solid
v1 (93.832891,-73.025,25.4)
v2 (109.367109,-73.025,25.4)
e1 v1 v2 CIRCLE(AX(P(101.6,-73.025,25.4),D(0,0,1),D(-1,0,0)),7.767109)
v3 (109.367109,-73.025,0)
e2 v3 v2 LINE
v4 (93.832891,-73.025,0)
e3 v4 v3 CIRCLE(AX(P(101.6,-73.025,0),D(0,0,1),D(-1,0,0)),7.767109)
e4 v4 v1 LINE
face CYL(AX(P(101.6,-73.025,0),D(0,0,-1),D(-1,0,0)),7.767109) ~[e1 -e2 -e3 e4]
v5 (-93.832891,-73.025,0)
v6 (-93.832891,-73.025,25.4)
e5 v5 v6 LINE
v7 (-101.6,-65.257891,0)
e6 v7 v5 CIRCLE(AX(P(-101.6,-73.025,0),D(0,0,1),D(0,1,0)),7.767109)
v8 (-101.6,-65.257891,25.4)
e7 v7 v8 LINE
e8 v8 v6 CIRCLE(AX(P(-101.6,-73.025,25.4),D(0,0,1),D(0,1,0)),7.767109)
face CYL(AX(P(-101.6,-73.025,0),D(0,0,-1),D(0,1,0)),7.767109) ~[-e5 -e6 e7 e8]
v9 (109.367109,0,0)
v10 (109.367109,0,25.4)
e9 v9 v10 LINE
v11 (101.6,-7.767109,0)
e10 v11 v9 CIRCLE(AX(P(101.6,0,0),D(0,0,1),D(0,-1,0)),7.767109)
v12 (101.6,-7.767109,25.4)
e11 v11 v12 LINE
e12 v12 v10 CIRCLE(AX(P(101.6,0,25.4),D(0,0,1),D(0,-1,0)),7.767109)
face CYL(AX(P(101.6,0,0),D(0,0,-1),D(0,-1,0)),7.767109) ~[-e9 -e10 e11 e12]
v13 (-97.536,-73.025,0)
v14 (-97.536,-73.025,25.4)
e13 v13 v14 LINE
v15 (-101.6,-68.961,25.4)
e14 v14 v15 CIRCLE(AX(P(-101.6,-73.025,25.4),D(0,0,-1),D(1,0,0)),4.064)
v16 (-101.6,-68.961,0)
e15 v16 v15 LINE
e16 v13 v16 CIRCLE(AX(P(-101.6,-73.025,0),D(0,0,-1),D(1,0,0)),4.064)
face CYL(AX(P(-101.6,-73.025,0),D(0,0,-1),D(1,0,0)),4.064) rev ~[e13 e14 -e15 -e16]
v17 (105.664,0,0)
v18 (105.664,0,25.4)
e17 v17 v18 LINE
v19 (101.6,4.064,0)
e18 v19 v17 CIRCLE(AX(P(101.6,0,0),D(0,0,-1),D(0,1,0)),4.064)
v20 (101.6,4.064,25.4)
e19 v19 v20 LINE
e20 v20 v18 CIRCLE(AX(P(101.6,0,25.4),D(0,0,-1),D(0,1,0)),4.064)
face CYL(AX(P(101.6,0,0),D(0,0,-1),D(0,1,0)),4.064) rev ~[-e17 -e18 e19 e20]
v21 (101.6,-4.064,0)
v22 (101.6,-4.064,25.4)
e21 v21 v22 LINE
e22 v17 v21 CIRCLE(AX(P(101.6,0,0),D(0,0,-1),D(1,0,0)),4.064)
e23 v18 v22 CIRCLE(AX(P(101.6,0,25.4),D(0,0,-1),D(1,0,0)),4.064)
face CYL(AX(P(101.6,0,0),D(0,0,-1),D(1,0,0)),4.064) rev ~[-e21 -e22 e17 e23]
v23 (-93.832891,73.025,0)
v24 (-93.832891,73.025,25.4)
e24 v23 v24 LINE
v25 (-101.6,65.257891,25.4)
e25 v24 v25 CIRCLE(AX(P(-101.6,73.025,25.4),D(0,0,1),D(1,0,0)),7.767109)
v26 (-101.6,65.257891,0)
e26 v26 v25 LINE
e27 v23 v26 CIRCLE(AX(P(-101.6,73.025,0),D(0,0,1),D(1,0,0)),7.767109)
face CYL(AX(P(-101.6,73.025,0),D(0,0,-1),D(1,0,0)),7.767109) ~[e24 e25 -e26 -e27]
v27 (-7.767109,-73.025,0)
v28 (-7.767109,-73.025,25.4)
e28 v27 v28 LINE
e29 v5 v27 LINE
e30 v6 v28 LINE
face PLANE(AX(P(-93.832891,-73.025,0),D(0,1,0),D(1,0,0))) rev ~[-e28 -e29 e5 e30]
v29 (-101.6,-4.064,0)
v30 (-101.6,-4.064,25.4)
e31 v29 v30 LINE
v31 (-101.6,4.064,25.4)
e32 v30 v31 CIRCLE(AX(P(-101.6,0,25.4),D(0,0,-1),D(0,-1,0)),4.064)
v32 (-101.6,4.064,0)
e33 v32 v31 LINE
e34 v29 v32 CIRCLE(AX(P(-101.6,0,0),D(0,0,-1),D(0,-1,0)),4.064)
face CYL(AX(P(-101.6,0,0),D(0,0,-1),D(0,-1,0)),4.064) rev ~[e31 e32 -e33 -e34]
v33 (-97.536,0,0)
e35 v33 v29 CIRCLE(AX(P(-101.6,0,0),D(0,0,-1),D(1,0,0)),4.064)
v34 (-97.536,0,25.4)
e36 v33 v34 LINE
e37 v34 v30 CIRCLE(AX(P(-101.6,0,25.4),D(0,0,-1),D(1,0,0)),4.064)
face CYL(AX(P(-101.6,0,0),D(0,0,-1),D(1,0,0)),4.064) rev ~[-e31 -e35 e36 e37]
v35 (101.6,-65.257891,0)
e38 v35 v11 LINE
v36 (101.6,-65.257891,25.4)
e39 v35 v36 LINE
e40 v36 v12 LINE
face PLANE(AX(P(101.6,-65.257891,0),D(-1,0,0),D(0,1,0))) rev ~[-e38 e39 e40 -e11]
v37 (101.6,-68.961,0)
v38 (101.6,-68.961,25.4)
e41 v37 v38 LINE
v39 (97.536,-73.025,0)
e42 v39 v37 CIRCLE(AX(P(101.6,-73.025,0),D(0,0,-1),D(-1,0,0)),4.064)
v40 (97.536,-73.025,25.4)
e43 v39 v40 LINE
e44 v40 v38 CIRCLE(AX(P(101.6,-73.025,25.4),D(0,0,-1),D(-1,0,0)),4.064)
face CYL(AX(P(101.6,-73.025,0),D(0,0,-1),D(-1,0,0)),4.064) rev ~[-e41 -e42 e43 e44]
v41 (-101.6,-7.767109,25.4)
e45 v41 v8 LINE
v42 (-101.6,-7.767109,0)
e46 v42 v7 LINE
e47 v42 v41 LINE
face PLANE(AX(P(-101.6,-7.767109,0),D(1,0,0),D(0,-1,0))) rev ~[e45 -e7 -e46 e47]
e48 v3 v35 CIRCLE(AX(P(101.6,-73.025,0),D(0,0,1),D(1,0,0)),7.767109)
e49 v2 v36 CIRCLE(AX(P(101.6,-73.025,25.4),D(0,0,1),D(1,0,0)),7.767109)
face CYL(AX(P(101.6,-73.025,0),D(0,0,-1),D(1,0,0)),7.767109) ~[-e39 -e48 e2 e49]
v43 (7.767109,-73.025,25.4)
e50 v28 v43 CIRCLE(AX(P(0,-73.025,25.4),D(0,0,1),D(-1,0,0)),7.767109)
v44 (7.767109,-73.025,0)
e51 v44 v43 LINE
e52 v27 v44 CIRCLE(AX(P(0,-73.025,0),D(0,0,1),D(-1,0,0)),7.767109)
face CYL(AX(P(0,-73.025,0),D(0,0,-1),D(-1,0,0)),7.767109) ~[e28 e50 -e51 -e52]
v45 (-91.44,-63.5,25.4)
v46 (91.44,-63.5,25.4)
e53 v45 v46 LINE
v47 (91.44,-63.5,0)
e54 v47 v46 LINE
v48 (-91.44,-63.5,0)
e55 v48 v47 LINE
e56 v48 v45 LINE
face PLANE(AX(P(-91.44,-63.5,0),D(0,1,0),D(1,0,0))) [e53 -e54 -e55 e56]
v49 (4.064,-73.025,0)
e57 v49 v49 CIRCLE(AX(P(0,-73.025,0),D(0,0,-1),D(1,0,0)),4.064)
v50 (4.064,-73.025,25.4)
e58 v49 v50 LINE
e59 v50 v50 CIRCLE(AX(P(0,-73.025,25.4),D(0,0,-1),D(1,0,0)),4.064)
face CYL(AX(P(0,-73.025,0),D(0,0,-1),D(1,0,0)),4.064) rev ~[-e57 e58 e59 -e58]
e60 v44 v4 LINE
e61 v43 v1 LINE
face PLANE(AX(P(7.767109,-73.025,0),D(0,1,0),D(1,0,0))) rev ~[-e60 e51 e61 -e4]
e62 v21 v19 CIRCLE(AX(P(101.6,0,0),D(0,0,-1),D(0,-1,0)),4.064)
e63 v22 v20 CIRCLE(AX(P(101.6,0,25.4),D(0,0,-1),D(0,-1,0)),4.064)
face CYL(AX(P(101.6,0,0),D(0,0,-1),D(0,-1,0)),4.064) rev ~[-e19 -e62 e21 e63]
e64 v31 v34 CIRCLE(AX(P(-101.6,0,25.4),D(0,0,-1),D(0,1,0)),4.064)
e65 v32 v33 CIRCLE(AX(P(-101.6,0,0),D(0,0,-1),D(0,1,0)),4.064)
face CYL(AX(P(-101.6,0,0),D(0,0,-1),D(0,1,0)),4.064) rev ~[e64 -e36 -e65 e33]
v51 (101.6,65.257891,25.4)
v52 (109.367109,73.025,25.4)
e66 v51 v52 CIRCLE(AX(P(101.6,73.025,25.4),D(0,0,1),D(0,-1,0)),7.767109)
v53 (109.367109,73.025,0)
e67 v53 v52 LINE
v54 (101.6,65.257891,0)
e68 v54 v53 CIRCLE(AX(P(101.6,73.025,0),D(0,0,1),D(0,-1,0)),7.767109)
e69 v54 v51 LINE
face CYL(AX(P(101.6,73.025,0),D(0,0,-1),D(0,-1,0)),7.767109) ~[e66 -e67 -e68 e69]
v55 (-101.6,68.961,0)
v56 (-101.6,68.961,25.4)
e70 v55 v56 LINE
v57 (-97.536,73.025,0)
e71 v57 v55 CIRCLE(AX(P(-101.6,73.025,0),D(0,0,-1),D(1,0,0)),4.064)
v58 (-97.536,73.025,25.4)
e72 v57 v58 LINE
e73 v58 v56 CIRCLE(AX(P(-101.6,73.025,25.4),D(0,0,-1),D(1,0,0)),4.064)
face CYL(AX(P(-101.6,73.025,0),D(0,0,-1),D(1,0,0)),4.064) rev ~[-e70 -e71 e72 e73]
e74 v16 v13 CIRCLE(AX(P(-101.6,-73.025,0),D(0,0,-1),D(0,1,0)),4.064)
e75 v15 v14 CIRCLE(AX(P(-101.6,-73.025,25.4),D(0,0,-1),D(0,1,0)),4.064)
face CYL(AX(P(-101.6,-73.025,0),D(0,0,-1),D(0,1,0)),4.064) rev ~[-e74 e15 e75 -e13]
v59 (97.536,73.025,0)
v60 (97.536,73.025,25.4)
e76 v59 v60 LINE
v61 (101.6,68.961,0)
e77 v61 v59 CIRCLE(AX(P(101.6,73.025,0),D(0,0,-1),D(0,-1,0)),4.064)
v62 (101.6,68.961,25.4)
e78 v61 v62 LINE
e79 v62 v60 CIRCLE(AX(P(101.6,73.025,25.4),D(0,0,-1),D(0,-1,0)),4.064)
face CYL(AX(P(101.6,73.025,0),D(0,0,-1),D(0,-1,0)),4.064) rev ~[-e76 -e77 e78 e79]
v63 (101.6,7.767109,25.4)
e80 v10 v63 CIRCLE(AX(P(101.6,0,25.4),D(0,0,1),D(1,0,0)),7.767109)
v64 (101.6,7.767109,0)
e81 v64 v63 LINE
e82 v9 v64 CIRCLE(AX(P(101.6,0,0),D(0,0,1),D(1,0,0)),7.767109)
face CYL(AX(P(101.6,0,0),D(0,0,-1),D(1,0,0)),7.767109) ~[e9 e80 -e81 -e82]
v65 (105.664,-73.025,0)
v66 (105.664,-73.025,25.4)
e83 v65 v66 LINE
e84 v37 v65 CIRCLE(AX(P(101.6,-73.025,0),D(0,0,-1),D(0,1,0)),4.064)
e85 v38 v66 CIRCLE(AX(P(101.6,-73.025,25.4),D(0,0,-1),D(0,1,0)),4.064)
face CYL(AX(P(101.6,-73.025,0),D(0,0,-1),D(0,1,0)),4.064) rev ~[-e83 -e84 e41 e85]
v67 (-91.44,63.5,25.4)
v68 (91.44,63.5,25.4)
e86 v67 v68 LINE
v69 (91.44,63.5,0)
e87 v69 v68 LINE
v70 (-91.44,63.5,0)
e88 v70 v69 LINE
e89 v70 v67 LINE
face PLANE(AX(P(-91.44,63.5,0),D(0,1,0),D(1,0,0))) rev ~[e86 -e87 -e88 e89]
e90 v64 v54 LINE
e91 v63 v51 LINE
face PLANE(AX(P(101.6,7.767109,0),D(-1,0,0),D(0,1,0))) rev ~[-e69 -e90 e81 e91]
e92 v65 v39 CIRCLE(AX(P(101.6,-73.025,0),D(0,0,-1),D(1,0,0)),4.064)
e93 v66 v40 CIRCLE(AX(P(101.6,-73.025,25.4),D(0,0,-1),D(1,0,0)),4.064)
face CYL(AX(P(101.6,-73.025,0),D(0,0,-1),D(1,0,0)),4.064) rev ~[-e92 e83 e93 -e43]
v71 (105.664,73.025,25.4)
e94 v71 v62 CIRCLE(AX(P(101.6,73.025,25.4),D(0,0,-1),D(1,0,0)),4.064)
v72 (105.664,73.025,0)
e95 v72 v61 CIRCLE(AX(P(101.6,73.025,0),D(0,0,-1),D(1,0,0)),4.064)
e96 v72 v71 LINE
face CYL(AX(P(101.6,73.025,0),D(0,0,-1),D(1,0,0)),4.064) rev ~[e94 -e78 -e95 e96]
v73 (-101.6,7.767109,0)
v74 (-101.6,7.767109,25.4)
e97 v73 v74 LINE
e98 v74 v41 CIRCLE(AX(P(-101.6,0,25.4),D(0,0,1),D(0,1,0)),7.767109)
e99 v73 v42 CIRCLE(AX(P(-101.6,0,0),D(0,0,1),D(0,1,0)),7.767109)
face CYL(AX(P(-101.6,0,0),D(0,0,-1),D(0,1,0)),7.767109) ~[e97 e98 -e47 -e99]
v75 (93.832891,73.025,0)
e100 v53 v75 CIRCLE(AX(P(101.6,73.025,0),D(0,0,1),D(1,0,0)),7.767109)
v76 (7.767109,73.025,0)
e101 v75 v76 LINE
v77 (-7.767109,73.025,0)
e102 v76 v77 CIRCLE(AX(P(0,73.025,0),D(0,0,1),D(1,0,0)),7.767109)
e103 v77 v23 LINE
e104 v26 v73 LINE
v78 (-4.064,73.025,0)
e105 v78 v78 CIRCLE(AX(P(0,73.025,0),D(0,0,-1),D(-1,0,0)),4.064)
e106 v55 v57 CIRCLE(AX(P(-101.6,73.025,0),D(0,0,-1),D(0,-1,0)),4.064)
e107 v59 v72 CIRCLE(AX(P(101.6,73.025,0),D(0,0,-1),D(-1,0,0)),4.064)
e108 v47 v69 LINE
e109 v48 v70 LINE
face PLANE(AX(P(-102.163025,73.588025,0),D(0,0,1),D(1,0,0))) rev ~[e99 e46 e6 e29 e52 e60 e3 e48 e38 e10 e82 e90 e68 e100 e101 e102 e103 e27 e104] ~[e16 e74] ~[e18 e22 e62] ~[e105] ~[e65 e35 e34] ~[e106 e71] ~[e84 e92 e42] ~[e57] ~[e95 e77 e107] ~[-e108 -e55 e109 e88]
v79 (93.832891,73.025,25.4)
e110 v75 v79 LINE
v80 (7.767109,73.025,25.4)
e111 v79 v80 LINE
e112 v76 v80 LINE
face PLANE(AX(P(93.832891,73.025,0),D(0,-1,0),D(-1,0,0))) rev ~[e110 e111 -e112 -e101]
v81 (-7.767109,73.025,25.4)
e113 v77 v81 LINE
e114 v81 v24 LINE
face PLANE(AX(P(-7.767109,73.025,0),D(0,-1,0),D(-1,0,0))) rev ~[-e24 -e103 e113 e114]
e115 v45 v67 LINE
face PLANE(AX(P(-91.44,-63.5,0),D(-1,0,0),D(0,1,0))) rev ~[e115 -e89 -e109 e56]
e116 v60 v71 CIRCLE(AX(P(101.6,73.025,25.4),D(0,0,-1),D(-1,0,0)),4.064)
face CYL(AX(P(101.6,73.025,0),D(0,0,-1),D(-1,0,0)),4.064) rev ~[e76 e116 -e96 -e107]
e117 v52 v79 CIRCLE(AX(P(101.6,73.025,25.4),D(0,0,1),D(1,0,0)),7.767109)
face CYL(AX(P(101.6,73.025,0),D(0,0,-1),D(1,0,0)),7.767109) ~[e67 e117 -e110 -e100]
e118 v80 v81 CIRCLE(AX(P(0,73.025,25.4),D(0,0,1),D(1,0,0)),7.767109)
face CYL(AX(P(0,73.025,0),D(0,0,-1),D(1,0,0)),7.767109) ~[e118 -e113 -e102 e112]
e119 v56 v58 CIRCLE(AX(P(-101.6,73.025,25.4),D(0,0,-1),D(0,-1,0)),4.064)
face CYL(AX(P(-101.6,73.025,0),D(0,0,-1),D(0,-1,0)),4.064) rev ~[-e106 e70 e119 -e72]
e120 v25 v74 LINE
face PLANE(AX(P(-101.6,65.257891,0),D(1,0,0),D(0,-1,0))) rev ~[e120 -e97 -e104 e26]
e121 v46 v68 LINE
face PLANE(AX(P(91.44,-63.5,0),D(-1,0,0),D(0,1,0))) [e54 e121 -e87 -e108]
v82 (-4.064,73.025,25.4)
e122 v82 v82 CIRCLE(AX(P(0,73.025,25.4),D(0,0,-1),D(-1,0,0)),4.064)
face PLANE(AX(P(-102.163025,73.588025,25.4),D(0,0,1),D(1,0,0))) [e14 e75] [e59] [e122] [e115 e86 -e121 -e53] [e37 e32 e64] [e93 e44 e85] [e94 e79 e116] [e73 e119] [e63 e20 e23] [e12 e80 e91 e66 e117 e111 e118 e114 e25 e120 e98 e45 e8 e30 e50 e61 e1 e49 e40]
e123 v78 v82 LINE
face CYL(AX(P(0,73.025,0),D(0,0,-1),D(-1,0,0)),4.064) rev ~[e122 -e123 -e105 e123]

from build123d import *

# Parameters (mm, degrees)
F0_W     = 182.88
F0_H     = 127
F1_DEPTH = 25.4


with BuildPart() as f1:
    # F0 (on Top) → F1 (new body)
    with BuildSketch(Plane.XY):
        with BuildLine():
            ThreePointArc((-101.6, 68.961), (-104.4736819587, 75.8986819587), (-97.536, 73.025))
            Line((-97.536, 73.025), (-93.8328908066, 73.025))
            ThreePointArc((-93.8328908066, 73.025), (-107.0921755809, 78.5171755809), (-101.6, 65.2578908066))
            Line((-101.6, 65.2578908066), (-101.6, 68.961))
        make_face()
        with BuildLine():
            Line((-93.8328908066, 73.025), (-97.536, 73.025))
            ThreePointArc((-97.536, 73.025), (-98.7263180413, 70.1513180413), (-101.6, 68.961))
            Line((-101.6, 68.961), (-101.6, 65.2578908066))
            ThreePointArc((-101.6, 65.2578908066), (-96.1078244191, 67.5328244191), (-93.8328908066, 73.025))
        make_face()
        with BuildLine():
            Line((-7.7671091934, 73.025), (-93.8328908066, 73.025))
            ThreePointArc((-93.8328908066, 73.025), (-96.1078244191, 67.5328244191), (-101.6, 65.2578908066))
            Line((-101.6, 65.2578908066), (-101.6, 7.7671091934))
            ThreePointArc((-101.6, 7.7671091934), (-96.1078244191, 5.4921755809), (-93.8328908066, 0))
            ThreePointArc((-93.8328908066, 0), (-96.1078244191, -5.4921755809), (-101.6, -7.7671091934))
            Line((-101.6, -7.7671091934), (-101.6, -65.2578908066))
            ThreePointArc((-101.6, -65.2578908066), (-96.1078244191, -67.5328244191), (-93.8328908066, -73.025))
            Line((-93.8328908066, -73.025), (-7.7671091934, -73.025))
            ThreePointArc((-7.7671091934, -73.025), (0, -65.2578908066), (7.7671091934, -73.025))
            Line((7.7671091934, -73.025), (93.8328908066, -73.025))
            ThreePointArc((93.8328908066, -73.025), (96.1078244191, -67.5328244191), (101.6, -65.2578908066))
            Line((101.6, -65.2578908066), (101.6, -7.7671091934))
            ThreePointArc((101.6, -7.7671091934), (93.8328908066, 0), (101.6, 7.7671091934))
            Line((101.6, 7.7671091934), (101.6, 65.2578908066))
            ThreePointArc((101.6, 65.2578908066), (96.1078244191, 67.5328244191), (93.8328908066, 73.025))
            Line((93.8328908066, 73.025), (7.7671091934, 73.025))
            ThreePointArc((7.7671091934, 73.025), (0, 65.2578908066), (-7.7671091934, 73.025))
        make_face()
        Rectangle(F0_W, F0_H, mode=Mode.SUBTRACT)
        with BuildLine():
            ThreePointArc((7.7671091934, 73.025), (0, 80.7921091934), (-7.7671091934, 73.025))
            Line((-7.7671091934, 73.025), (-4.064, 73.025))
            ThreePointArc((-4.064, 73.025), (0, 77.089), (4.064, 73.025))
            Line((4.064, 73.025), (7.7671091934, 73.025))
        make_face()
        with BuildLine():
            Line((-4.064, 73.025), (-7.7671091934, 73.025))
            ThreePointArc((-7.7671091934, 73.025), (0, 65.2578908066), (7.7671091934, 73.025))
            Line((7.7671091934, 73.025), (4.064, 73.025))
            ThreePointArc((4.064, 73.025), (0, 68.961), (-4.064, 73.025))
        make_face()
        with BuildLine():
            ThreePointArc((-93.8328908066, 0), (-96.1078244191, 5.4921755809), (-101.6, 7.7671091934))
            Line((-101.6, 7.7671091934), (-101.6, 4.064))
            ThreePointArc((-101.6, 4.064), (-98.7263180413, 2.8736819587), (-97.536, 0))
            ThreePointArc((-97.536, 0), (-98.7263180413, -2.8736819587), (-101.6, -4.064))
            Line((-101.6, -4.064), (-101.6, -7.7671091934))
            ThreePointArc((-101.6, -7.7671091934), (-96.1078244191, -5.4921755809), (-93.8328908066, 0))
        make_face()
        with BuildLine():
            Line((-101.6, 4.064), (-101.6, 7.7671091934))
            ThreePointArc((-101.6, 7.7671091934), (-109.3671091934, 0), (-101.6, -7.7671091934))
            Line((-101.6, -7.7671091934), (-101.6, -4.064))
            ThreePointArc((-101.6, -4.064), (-105.664, 0), (-101.6, 4.064))
        make_face()
        with BuildLine():
            ThreePointArc((109.3671091934, 73.025), (101.6, 80.7921091934), (93.8328908066, 73.025))
            Line((93.8328908066, 73.025), (97.536, 73.025))
            ThreePointArc((97.536, 73.025), (101.6, 77.089), (105.664, 73.025))
            ThreePointArc((105.664, 73.025), (104.4736819587, 70.1513180413), (101.6, 68.961))
            Line((101.6, 68.961), (101.6, 65.2578908066))
            ThreePointArc((101.6, 65.2578908066), (107.0921755809, 67.5328244191), (109.3671091934, 73.025))
        make_face()
        with BuildLine():
            Line((97.536, 73.025), (93.8328908066, 73.025))
            ThreePointArc((93.8328908066, 73.025), (96.1078244191, 67.5328244191), (101.6, 65.2578908066))
            Line((101.6, 65.2578908066), (101.6, 68.961))
            ThreePointArc((101.6, 68.961), (98.7263180413, 70.1513180413), (97.536, 73.025))
        make_face()
        with BuildLine():
            ThreePointArc((-93.8328908066, -73.025), (-96.1078244191, -67.5328244191), (-101.6, -65.2578908066))
            Line((-101.6, -65.2578908066), (-101.6, -68.961))
            ThreePointArc((-101.6, -68.961), (-98.7263180413, -70.1513180413), (-97.536, -73.025))
            Line((-97.536, -73.025), (-93.8328908066, -73.025))
        make_face()
        with BuildLine():
            Line((-101.6, -68.961), (-101.6, -65.2578908066))
            ThreePointArc((-101.6, -65.2578908066), (-107.0921755809, -78.5171755809), (-93.8328908066, -73.025))
            Line((-93.8328908066, -73.025), (-97.536, -73.025))
            ThreePointArc((-97.536, -73.025), (-104.4736819587, -75.8986819587), (-101.6, -68.961))
        make_face()
        with BuildLine():
            ThreePointArc((109.3671091934, 0), (107.0921755809, 5.4921755809), (101.6, 7.7671091934))
            Line((101.6, 7.7671091934), (101.6, 4.064))
            ThreePointArc((101.6, 4.064), (104.4736819587, 2.8736819587), (105.664, 0))
            ThreePointArc((105.664, 0), (104.4736819587, -2.8736819587), (101.6, -4.064))
            Line((101.6, -4.064), (101.6, -7.7671091934))
            ThreePointArc((101.6, -7.7671091934), (107.0921755809, -5.4921755809), (109.3671091934, 0))
        make_face()
        with BuildLine():
            Line((101.6, 4.064), (101.6, 7.7671091934))
            ThreePointArc((101.6, 7.7671091934), (93.8328908066, 0), (101.6, -7.7671091934))
            Line((101.6, -7.7671091934), (101.6, -4.064))
            ThreePointArc((101.6, -4.064), (97.536, 0), (101.6, 4.064))
        make_face()
        with BuildLine():
            ThreePointArc((7.7671091934, -73.025), (0, -65.2578908066), (-7.7671091934, -73.025))
            Line((-7.7671091934, -73.025), (-4.064, -73.025))
            ThreePointArc((-4.064, -73.025), (0, -68.961), (4.064, -73.025))
            Line((4.064, -73.025), (7.7671091934, -73.025))
        make_face()
        with BuildLine():
            Line((-4.064, -73.025), (-7.7671091934, -73.025))
            ThreePointArc((-7.7671091934, -73.025), (0, -80.7921091934), (7.7671091934, -73.025))
            Line((7.7671091934, -73.025), (4.064, -73.025))
            ThreePointArc((4.064, -73.025), (0, -77.089), (-4.064, -73.025))
        make_face()
        with BuildLine():
            ThreePointArc((109.3671091934, -73.025), (107.0921755809, -67.5328244191), (101.6, -65.2578908066))
            Line((101.6, -65.2578908066), (101.6, -68.961))
            ThreePointArc((101.6, -68.961), (104.4736819587, -70.1513180413), (105.664, -73.025))
            ThreePointArc((105.664, -73.025), (101.6, -77.089), (97.536, -73.025))
            Line((97.536, -73.025), (93.8328908066, -73.025))
            ThreePointArc((93.8328908066, -73.025), (101.6, -80.7921091934), (109.3671091934, -73.025))
        make_face()
        with BuildLine():
            Line((101.6, -68.961), (101.6, -65.2578908066))
            ThreePointArc((101.6, -65.2578908066), (96.1078244191, -67.5328244191), (93.8328908066, -73.025))
            Line((93.8328908066, -73.025), (97.536, -73.025))
            ThreePointArc((97.536, -73.025), (98.7263180413, -70.1513180413), (101.6, -68.961))
        make_face()
    extrude(amount=F1_DEPTH)


solid = f1.part
